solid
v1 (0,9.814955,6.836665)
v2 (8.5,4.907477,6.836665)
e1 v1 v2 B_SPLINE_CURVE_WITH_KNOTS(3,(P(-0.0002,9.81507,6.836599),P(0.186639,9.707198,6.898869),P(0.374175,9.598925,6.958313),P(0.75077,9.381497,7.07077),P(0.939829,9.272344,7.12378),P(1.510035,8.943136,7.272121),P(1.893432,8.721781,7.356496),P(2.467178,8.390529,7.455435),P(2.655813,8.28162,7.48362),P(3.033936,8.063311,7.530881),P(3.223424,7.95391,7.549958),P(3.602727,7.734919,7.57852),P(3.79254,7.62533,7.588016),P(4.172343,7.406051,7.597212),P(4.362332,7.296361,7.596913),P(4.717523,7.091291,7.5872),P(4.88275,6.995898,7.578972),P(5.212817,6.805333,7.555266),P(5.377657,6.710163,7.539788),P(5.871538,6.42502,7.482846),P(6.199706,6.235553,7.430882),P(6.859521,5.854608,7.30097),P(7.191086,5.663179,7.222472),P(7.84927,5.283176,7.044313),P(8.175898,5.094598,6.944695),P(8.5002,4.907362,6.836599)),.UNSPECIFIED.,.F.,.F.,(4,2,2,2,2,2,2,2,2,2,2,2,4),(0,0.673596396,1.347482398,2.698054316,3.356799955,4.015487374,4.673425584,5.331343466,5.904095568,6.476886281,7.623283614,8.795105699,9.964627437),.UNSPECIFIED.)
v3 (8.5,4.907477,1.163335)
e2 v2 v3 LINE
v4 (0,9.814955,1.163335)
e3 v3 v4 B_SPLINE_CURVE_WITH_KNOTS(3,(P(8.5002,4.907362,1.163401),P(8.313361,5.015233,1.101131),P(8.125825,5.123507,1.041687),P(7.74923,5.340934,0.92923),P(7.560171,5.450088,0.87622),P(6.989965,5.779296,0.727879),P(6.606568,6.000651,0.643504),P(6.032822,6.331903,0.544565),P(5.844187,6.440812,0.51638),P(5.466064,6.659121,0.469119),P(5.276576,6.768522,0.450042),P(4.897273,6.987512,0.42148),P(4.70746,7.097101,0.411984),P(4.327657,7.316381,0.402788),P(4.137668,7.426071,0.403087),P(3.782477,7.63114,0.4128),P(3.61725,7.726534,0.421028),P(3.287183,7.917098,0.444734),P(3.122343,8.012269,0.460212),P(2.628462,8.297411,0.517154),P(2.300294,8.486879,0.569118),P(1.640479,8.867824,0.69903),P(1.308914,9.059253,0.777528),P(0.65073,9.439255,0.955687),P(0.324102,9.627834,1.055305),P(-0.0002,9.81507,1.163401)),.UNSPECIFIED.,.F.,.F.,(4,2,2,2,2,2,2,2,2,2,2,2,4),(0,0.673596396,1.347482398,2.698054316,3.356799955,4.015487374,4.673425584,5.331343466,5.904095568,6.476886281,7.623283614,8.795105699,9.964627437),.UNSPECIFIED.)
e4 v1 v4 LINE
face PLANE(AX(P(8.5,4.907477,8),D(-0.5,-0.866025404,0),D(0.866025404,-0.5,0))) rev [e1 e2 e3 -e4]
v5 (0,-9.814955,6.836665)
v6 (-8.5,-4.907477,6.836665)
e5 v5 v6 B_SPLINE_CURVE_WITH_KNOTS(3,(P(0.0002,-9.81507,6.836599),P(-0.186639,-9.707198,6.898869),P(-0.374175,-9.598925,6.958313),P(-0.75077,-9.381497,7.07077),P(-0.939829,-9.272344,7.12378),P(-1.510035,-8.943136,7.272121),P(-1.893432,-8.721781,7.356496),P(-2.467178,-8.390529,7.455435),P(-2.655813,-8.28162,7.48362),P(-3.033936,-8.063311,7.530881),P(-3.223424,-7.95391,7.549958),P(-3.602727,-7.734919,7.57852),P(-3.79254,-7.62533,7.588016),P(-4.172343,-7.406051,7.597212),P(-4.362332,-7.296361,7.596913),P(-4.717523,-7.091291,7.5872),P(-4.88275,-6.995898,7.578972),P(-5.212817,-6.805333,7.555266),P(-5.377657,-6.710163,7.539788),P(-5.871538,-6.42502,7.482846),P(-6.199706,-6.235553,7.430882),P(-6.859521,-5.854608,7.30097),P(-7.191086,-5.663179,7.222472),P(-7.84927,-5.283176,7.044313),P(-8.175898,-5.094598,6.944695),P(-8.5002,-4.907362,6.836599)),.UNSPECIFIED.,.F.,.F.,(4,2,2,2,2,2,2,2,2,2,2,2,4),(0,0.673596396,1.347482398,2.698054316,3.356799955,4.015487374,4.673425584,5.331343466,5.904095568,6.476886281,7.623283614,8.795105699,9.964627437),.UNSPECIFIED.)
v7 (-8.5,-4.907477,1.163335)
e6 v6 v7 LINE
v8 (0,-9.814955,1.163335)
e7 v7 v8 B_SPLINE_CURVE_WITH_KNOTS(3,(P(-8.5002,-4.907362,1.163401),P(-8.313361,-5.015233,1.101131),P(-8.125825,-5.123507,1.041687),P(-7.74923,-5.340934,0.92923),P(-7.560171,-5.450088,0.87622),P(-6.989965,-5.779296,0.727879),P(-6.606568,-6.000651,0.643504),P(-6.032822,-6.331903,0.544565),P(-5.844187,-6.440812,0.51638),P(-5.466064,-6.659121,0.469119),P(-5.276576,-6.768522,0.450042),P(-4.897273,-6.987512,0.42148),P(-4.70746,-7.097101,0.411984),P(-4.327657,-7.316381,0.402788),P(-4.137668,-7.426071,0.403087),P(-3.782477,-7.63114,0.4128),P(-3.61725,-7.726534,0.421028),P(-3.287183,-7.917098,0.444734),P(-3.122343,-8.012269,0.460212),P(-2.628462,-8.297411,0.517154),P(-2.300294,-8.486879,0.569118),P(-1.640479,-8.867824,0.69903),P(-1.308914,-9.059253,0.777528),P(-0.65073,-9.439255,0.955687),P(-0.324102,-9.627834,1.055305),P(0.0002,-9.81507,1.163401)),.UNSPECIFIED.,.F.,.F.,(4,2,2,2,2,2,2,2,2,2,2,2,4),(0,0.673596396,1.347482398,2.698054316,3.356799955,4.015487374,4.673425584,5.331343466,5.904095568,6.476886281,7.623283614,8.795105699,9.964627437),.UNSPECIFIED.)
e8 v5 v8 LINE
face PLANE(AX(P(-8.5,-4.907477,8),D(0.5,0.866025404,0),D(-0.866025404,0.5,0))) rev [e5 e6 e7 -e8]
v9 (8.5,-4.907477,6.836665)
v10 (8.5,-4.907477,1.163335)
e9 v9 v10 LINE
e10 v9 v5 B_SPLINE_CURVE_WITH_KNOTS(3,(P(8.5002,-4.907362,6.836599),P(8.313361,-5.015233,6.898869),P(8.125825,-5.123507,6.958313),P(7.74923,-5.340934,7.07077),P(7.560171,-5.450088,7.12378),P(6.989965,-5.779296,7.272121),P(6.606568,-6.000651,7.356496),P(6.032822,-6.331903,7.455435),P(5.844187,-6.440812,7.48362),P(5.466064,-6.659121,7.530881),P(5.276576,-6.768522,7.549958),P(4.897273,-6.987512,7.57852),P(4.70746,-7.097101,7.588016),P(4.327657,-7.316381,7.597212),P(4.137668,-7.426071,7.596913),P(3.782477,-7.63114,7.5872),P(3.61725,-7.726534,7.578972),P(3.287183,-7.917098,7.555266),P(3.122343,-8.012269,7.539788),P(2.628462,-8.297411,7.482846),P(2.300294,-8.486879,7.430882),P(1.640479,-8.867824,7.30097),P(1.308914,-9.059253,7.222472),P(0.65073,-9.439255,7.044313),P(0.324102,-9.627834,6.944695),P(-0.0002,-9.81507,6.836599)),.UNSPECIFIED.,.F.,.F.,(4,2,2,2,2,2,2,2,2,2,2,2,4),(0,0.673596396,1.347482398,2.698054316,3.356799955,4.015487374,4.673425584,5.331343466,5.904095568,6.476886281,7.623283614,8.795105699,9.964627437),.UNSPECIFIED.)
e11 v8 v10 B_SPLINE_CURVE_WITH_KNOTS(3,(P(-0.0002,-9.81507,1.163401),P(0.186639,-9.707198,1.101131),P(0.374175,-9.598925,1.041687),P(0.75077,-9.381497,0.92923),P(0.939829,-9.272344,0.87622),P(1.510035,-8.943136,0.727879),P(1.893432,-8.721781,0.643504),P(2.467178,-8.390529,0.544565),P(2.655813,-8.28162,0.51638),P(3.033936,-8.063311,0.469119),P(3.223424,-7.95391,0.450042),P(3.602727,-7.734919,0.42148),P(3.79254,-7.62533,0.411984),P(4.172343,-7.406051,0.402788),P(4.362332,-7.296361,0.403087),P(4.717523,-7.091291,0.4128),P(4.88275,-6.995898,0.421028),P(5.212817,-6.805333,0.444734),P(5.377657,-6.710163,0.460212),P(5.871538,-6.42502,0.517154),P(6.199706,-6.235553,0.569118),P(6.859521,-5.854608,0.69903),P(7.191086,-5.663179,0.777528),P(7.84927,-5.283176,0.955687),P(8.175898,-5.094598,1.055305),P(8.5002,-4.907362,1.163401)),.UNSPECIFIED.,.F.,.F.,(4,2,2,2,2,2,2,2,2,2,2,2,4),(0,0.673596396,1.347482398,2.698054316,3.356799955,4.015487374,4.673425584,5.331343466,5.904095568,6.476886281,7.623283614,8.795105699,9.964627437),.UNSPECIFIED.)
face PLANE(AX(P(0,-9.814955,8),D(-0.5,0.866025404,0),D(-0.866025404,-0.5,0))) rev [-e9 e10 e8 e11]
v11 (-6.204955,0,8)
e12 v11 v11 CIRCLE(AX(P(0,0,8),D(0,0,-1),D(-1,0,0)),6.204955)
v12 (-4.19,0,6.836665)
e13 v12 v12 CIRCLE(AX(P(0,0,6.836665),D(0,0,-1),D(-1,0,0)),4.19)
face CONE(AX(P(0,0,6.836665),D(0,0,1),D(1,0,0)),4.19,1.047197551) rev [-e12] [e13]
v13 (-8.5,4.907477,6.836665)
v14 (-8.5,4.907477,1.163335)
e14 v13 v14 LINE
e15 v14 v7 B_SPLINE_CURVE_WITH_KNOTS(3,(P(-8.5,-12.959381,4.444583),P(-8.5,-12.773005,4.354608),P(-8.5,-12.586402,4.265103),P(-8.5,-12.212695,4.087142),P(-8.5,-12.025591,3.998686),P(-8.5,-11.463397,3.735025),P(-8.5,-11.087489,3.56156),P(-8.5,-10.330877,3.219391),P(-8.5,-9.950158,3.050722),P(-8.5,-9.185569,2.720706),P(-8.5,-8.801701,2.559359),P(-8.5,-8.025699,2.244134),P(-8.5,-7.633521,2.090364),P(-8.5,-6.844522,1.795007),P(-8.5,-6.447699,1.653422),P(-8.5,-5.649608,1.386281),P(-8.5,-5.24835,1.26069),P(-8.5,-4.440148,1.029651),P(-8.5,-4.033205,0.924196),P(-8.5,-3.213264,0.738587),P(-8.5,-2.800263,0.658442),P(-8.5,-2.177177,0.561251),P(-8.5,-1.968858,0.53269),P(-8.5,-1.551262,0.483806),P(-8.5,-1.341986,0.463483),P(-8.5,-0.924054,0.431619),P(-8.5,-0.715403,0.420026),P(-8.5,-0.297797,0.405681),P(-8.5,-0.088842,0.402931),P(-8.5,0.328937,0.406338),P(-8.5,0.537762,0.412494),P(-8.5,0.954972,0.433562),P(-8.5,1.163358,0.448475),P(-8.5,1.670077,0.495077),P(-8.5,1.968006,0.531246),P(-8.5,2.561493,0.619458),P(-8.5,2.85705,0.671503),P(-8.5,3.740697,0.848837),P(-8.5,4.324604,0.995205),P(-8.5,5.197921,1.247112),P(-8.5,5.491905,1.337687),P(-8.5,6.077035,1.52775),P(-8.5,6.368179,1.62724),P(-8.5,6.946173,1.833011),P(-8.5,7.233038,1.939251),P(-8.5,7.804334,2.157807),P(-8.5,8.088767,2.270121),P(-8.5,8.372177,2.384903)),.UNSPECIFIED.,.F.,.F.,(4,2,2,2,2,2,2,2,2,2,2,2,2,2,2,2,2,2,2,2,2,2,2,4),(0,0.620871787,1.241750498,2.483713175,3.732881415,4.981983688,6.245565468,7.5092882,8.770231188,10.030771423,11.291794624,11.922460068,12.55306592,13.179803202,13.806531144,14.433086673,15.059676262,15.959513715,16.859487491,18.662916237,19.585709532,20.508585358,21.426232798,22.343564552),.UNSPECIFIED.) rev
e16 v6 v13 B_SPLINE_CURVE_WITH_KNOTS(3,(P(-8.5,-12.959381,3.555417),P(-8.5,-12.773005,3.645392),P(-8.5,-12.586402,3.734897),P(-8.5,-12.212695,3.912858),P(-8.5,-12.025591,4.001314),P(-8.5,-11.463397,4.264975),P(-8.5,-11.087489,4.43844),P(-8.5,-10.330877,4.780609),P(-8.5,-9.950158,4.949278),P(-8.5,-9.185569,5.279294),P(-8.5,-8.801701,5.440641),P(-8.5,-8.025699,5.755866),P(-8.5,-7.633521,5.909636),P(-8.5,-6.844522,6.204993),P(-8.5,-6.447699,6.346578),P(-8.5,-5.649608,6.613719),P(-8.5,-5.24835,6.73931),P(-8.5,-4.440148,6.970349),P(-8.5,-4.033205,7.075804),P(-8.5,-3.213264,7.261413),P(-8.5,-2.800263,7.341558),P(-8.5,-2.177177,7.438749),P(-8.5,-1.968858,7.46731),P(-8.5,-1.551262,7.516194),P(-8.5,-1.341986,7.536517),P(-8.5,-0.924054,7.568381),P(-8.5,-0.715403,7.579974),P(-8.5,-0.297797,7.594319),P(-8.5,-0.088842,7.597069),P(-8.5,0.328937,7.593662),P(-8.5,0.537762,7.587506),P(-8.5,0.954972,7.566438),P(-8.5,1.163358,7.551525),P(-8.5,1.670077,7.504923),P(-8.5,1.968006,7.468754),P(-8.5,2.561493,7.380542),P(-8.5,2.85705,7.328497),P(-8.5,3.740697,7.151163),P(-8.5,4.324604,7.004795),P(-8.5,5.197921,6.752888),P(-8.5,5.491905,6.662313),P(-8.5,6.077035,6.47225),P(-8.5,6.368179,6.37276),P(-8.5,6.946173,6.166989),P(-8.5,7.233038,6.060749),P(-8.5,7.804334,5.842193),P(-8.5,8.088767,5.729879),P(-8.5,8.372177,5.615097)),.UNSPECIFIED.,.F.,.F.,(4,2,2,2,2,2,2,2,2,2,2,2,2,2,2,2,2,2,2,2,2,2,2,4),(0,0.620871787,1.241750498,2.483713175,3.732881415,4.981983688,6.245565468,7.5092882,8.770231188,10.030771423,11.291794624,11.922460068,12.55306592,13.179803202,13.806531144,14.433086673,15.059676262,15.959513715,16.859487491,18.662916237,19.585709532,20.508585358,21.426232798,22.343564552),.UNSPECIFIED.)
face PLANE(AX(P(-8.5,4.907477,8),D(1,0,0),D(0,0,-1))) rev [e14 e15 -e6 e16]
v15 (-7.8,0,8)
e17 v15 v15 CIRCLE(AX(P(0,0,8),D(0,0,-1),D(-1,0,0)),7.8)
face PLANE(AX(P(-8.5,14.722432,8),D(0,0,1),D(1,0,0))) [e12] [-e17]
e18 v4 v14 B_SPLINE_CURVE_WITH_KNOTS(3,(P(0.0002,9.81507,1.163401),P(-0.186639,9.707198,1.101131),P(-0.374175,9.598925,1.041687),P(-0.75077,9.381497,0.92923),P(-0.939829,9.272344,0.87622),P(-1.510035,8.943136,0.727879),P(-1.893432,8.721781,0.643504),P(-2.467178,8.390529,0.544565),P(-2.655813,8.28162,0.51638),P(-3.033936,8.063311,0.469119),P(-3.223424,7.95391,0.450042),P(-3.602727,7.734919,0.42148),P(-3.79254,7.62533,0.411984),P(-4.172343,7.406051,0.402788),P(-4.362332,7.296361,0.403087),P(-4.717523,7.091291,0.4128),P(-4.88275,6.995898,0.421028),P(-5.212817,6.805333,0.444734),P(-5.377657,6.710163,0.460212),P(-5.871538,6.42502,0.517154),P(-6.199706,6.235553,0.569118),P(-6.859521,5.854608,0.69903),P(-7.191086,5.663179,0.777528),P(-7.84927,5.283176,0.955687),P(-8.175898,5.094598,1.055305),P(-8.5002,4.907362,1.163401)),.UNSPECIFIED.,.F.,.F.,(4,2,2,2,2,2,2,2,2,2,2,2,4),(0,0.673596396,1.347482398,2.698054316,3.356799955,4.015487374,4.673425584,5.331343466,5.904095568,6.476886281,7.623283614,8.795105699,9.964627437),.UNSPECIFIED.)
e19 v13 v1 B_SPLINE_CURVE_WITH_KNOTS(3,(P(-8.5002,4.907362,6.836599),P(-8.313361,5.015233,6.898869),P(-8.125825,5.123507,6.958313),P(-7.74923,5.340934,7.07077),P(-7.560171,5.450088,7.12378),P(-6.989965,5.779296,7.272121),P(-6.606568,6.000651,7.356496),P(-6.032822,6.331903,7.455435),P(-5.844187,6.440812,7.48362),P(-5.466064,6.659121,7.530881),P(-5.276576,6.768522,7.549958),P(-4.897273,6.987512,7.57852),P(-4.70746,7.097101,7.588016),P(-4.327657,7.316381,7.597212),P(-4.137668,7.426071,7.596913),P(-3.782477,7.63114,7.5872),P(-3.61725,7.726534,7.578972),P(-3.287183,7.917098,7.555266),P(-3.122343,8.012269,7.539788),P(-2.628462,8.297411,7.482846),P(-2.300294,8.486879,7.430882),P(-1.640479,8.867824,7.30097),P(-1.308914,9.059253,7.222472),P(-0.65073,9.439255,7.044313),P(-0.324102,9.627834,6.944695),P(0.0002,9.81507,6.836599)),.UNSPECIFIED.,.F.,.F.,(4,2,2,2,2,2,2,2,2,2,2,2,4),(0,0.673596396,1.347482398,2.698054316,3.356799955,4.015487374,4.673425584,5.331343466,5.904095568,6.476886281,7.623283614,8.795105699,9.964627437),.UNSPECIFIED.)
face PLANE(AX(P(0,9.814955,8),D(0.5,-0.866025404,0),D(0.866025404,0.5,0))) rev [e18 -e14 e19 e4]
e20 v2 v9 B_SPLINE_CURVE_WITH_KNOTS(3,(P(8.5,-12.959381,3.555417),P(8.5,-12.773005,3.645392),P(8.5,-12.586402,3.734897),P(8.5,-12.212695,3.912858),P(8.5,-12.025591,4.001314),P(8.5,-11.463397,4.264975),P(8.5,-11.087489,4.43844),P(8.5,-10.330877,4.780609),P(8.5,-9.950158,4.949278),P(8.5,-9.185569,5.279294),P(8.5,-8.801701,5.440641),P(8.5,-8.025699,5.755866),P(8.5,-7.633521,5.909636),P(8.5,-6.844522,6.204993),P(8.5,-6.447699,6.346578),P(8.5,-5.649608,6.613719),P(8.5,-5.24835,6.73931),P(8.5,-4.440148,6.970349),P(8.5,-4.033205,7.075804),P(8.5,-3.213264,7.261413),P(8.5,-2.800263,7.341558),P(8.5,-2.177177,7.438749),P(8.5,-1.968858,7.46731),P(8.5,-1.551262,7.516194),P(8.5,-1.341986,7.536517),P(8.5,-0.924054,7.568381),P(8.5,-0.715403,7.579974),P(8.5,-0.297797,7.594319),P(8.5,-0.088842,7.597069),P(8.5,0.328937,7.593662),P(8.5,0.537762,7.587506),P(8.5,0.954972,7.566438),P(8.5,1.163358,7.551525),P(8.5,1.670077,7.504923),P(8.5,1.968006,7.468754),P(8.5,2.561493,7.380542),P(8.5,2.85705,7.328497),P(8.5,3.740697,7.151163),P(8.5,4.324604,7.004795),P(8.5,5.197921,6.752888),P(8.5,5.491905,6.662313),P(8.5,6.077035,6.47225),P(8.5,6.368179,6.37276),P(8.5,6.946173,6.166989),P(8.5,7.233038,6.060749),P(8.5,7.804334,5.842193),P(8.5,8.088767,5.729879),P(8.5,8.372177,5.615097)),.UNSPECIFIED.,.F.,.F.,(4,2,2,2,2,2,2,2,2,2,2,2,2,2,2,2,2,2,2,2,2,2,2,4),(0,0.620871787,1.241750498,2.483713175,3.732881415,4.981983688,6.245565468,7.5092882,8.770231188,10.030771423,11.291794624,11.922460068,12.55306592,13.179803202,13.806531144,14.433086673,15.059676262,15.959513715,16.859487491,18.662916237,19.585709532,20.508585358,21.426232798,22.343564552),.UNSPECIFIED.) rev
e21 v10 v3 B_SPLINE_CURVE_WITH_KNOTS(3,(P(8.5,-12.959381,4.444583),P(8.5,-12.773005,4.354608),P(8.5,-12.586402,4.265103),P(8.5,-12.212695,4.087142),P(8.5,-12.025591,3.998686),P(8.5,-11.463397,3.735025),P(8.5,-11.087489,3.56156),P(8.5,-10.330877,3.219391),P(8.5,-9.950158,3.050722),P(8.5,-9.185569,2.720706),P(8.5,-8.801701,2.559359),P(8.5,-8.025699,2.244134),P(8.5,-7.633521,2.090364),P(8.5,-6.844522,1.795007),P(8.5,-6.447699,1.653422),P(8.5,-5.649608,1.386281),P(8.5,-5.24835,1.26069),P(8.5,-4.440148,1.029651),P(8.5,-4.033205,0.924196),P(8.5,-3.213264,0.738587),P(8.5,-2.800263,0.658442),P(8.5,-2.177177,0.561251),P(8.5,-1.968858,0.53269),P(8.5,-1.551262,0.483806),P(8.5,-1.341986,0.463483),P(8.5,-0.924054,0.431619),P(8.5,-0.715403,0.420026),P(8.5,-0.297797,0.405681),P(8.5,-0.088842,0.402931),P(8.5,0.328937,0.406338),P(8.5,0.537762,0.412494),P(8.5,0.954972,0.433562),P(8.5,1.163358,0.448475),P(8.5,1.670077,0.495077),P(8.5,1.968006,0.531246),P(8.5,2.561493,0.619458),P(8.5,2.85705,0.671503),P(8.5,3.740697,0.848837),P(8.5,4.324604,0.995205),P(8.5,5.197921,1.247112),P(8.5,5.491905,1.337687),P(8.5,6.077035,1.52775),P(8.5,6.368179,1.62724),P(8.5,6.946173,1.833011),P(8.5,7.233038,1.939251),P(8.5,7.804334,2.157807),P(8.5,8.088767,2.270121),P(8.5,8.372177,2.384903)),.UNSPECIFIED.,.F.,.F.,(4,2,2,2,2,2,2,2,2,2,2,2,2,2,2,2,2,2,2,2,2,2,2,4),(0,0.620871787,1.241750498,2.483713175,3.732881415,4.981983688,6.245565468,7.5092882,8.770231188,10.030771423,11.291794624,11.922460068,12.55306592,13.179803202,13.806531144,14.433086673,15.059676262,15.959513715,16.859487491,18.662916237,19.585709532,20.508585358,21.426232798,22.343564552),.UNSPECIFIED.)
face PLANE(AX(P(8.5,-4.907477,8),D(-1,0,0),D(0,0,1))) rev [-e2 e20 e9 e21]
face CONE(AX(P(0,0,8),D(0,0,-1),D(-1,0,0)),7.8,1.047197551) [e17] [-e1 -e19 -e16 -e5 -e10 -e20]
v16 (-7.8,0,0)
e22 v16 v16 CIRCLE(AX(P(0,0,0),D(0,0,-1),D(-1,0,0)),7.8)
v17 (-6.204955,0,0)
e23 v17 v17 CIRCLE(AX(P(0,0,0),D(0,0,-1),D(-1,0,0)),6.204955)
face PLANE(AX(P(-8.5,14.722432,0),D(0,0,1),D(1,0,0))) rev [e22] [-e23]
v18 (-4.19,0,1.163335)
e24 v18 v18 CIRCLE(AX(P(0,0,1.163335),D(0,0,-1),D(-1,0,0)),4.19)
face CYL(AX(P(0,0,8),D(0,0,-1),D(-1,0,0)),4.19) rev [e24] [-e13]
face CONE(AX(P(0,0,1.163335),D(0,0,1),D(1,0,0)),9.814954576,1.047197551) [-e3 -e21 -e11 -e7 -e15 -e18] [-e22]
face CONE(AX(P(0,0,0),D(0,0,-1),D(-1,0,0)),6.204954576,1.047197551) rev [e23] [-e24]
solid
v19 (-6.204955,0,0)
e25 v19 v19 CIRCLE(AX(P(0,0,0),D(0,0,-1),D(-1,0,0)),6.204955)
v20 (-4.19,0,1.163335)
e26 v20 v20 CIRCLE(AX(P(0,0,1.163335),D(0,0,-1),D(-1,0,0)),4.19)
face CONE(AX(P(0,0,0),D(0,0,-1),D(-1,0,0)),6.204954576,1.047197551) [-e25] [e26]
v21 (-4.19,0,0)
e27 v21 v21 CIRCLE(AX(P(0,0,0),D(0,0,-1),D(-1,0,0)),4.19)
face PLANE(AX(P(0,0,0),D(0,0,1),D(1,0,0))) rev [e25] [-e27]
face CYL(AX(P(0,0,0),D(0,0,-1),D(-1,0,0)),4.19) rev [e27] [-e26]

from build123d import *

# Parameters (mm, degrees)
SKETCH_1_R        = 4.19
EXTRUDE_777_DEPTH = 8


with BuildPart() as part:
    # Эскиз1 → Extrude 777 (new body)
    with BuildSketch(Plane.XY):
        Polygon((0, 9.814954576), (-8.5, 4.907477288), (-8.5, -4.907477288), (0, -9.814954576), (8.5, -4.907477288), (8.5, 4.907477288), align=None)
        Circle(SKETCH_1_R, mode=Mode.SUBTRACT)
    extrude(amount=EXTRUDE_777_DEPTH)

    # Эскиз2 → Вырез-Повернуть1 (revolve, cut)
    with BuildSketch(Plane(origin=(0, 0, 0), x_dir=(0, 0, -1), z_dir=(1, 0, 0))):
        Polygon((-8, 7.8), (-8, 9.814954576), (-6.836665433, 9.814954576), align=None)
        Polygon((-6.836665433, 4.19), (-8, 4.19), (-8, 6.204954576), align=None)
        Polygon((0, 6.204954576), (0, 4.19), (-1.163334567, 4.19), align=None)
        Polygon((0, 7.8), (-1.163334567, 9.814954576), (0, 9.814954576), align=None)
    revolve(axis=Axis((0, 0, 0), (0, 0, 1)), mode=Mode.SUBTRACT)


with BuildPart() as body_2:
    # Эскиз2<3> → Revolve 1098 (revolve)
    with BuildSketch(Plane(origin=(0, 0, 0), x_dir=(0, 0, -1), z_dir=(1, 0, 0))):
        Polygon((0, 4.19), (0, 6.204954576), (-1.163334567, 4.19), align=None)
    revolve(axis=Axis((0, 0, 0), (0, 0, 1)))


solid = Compound([part.part, body_2.part])
